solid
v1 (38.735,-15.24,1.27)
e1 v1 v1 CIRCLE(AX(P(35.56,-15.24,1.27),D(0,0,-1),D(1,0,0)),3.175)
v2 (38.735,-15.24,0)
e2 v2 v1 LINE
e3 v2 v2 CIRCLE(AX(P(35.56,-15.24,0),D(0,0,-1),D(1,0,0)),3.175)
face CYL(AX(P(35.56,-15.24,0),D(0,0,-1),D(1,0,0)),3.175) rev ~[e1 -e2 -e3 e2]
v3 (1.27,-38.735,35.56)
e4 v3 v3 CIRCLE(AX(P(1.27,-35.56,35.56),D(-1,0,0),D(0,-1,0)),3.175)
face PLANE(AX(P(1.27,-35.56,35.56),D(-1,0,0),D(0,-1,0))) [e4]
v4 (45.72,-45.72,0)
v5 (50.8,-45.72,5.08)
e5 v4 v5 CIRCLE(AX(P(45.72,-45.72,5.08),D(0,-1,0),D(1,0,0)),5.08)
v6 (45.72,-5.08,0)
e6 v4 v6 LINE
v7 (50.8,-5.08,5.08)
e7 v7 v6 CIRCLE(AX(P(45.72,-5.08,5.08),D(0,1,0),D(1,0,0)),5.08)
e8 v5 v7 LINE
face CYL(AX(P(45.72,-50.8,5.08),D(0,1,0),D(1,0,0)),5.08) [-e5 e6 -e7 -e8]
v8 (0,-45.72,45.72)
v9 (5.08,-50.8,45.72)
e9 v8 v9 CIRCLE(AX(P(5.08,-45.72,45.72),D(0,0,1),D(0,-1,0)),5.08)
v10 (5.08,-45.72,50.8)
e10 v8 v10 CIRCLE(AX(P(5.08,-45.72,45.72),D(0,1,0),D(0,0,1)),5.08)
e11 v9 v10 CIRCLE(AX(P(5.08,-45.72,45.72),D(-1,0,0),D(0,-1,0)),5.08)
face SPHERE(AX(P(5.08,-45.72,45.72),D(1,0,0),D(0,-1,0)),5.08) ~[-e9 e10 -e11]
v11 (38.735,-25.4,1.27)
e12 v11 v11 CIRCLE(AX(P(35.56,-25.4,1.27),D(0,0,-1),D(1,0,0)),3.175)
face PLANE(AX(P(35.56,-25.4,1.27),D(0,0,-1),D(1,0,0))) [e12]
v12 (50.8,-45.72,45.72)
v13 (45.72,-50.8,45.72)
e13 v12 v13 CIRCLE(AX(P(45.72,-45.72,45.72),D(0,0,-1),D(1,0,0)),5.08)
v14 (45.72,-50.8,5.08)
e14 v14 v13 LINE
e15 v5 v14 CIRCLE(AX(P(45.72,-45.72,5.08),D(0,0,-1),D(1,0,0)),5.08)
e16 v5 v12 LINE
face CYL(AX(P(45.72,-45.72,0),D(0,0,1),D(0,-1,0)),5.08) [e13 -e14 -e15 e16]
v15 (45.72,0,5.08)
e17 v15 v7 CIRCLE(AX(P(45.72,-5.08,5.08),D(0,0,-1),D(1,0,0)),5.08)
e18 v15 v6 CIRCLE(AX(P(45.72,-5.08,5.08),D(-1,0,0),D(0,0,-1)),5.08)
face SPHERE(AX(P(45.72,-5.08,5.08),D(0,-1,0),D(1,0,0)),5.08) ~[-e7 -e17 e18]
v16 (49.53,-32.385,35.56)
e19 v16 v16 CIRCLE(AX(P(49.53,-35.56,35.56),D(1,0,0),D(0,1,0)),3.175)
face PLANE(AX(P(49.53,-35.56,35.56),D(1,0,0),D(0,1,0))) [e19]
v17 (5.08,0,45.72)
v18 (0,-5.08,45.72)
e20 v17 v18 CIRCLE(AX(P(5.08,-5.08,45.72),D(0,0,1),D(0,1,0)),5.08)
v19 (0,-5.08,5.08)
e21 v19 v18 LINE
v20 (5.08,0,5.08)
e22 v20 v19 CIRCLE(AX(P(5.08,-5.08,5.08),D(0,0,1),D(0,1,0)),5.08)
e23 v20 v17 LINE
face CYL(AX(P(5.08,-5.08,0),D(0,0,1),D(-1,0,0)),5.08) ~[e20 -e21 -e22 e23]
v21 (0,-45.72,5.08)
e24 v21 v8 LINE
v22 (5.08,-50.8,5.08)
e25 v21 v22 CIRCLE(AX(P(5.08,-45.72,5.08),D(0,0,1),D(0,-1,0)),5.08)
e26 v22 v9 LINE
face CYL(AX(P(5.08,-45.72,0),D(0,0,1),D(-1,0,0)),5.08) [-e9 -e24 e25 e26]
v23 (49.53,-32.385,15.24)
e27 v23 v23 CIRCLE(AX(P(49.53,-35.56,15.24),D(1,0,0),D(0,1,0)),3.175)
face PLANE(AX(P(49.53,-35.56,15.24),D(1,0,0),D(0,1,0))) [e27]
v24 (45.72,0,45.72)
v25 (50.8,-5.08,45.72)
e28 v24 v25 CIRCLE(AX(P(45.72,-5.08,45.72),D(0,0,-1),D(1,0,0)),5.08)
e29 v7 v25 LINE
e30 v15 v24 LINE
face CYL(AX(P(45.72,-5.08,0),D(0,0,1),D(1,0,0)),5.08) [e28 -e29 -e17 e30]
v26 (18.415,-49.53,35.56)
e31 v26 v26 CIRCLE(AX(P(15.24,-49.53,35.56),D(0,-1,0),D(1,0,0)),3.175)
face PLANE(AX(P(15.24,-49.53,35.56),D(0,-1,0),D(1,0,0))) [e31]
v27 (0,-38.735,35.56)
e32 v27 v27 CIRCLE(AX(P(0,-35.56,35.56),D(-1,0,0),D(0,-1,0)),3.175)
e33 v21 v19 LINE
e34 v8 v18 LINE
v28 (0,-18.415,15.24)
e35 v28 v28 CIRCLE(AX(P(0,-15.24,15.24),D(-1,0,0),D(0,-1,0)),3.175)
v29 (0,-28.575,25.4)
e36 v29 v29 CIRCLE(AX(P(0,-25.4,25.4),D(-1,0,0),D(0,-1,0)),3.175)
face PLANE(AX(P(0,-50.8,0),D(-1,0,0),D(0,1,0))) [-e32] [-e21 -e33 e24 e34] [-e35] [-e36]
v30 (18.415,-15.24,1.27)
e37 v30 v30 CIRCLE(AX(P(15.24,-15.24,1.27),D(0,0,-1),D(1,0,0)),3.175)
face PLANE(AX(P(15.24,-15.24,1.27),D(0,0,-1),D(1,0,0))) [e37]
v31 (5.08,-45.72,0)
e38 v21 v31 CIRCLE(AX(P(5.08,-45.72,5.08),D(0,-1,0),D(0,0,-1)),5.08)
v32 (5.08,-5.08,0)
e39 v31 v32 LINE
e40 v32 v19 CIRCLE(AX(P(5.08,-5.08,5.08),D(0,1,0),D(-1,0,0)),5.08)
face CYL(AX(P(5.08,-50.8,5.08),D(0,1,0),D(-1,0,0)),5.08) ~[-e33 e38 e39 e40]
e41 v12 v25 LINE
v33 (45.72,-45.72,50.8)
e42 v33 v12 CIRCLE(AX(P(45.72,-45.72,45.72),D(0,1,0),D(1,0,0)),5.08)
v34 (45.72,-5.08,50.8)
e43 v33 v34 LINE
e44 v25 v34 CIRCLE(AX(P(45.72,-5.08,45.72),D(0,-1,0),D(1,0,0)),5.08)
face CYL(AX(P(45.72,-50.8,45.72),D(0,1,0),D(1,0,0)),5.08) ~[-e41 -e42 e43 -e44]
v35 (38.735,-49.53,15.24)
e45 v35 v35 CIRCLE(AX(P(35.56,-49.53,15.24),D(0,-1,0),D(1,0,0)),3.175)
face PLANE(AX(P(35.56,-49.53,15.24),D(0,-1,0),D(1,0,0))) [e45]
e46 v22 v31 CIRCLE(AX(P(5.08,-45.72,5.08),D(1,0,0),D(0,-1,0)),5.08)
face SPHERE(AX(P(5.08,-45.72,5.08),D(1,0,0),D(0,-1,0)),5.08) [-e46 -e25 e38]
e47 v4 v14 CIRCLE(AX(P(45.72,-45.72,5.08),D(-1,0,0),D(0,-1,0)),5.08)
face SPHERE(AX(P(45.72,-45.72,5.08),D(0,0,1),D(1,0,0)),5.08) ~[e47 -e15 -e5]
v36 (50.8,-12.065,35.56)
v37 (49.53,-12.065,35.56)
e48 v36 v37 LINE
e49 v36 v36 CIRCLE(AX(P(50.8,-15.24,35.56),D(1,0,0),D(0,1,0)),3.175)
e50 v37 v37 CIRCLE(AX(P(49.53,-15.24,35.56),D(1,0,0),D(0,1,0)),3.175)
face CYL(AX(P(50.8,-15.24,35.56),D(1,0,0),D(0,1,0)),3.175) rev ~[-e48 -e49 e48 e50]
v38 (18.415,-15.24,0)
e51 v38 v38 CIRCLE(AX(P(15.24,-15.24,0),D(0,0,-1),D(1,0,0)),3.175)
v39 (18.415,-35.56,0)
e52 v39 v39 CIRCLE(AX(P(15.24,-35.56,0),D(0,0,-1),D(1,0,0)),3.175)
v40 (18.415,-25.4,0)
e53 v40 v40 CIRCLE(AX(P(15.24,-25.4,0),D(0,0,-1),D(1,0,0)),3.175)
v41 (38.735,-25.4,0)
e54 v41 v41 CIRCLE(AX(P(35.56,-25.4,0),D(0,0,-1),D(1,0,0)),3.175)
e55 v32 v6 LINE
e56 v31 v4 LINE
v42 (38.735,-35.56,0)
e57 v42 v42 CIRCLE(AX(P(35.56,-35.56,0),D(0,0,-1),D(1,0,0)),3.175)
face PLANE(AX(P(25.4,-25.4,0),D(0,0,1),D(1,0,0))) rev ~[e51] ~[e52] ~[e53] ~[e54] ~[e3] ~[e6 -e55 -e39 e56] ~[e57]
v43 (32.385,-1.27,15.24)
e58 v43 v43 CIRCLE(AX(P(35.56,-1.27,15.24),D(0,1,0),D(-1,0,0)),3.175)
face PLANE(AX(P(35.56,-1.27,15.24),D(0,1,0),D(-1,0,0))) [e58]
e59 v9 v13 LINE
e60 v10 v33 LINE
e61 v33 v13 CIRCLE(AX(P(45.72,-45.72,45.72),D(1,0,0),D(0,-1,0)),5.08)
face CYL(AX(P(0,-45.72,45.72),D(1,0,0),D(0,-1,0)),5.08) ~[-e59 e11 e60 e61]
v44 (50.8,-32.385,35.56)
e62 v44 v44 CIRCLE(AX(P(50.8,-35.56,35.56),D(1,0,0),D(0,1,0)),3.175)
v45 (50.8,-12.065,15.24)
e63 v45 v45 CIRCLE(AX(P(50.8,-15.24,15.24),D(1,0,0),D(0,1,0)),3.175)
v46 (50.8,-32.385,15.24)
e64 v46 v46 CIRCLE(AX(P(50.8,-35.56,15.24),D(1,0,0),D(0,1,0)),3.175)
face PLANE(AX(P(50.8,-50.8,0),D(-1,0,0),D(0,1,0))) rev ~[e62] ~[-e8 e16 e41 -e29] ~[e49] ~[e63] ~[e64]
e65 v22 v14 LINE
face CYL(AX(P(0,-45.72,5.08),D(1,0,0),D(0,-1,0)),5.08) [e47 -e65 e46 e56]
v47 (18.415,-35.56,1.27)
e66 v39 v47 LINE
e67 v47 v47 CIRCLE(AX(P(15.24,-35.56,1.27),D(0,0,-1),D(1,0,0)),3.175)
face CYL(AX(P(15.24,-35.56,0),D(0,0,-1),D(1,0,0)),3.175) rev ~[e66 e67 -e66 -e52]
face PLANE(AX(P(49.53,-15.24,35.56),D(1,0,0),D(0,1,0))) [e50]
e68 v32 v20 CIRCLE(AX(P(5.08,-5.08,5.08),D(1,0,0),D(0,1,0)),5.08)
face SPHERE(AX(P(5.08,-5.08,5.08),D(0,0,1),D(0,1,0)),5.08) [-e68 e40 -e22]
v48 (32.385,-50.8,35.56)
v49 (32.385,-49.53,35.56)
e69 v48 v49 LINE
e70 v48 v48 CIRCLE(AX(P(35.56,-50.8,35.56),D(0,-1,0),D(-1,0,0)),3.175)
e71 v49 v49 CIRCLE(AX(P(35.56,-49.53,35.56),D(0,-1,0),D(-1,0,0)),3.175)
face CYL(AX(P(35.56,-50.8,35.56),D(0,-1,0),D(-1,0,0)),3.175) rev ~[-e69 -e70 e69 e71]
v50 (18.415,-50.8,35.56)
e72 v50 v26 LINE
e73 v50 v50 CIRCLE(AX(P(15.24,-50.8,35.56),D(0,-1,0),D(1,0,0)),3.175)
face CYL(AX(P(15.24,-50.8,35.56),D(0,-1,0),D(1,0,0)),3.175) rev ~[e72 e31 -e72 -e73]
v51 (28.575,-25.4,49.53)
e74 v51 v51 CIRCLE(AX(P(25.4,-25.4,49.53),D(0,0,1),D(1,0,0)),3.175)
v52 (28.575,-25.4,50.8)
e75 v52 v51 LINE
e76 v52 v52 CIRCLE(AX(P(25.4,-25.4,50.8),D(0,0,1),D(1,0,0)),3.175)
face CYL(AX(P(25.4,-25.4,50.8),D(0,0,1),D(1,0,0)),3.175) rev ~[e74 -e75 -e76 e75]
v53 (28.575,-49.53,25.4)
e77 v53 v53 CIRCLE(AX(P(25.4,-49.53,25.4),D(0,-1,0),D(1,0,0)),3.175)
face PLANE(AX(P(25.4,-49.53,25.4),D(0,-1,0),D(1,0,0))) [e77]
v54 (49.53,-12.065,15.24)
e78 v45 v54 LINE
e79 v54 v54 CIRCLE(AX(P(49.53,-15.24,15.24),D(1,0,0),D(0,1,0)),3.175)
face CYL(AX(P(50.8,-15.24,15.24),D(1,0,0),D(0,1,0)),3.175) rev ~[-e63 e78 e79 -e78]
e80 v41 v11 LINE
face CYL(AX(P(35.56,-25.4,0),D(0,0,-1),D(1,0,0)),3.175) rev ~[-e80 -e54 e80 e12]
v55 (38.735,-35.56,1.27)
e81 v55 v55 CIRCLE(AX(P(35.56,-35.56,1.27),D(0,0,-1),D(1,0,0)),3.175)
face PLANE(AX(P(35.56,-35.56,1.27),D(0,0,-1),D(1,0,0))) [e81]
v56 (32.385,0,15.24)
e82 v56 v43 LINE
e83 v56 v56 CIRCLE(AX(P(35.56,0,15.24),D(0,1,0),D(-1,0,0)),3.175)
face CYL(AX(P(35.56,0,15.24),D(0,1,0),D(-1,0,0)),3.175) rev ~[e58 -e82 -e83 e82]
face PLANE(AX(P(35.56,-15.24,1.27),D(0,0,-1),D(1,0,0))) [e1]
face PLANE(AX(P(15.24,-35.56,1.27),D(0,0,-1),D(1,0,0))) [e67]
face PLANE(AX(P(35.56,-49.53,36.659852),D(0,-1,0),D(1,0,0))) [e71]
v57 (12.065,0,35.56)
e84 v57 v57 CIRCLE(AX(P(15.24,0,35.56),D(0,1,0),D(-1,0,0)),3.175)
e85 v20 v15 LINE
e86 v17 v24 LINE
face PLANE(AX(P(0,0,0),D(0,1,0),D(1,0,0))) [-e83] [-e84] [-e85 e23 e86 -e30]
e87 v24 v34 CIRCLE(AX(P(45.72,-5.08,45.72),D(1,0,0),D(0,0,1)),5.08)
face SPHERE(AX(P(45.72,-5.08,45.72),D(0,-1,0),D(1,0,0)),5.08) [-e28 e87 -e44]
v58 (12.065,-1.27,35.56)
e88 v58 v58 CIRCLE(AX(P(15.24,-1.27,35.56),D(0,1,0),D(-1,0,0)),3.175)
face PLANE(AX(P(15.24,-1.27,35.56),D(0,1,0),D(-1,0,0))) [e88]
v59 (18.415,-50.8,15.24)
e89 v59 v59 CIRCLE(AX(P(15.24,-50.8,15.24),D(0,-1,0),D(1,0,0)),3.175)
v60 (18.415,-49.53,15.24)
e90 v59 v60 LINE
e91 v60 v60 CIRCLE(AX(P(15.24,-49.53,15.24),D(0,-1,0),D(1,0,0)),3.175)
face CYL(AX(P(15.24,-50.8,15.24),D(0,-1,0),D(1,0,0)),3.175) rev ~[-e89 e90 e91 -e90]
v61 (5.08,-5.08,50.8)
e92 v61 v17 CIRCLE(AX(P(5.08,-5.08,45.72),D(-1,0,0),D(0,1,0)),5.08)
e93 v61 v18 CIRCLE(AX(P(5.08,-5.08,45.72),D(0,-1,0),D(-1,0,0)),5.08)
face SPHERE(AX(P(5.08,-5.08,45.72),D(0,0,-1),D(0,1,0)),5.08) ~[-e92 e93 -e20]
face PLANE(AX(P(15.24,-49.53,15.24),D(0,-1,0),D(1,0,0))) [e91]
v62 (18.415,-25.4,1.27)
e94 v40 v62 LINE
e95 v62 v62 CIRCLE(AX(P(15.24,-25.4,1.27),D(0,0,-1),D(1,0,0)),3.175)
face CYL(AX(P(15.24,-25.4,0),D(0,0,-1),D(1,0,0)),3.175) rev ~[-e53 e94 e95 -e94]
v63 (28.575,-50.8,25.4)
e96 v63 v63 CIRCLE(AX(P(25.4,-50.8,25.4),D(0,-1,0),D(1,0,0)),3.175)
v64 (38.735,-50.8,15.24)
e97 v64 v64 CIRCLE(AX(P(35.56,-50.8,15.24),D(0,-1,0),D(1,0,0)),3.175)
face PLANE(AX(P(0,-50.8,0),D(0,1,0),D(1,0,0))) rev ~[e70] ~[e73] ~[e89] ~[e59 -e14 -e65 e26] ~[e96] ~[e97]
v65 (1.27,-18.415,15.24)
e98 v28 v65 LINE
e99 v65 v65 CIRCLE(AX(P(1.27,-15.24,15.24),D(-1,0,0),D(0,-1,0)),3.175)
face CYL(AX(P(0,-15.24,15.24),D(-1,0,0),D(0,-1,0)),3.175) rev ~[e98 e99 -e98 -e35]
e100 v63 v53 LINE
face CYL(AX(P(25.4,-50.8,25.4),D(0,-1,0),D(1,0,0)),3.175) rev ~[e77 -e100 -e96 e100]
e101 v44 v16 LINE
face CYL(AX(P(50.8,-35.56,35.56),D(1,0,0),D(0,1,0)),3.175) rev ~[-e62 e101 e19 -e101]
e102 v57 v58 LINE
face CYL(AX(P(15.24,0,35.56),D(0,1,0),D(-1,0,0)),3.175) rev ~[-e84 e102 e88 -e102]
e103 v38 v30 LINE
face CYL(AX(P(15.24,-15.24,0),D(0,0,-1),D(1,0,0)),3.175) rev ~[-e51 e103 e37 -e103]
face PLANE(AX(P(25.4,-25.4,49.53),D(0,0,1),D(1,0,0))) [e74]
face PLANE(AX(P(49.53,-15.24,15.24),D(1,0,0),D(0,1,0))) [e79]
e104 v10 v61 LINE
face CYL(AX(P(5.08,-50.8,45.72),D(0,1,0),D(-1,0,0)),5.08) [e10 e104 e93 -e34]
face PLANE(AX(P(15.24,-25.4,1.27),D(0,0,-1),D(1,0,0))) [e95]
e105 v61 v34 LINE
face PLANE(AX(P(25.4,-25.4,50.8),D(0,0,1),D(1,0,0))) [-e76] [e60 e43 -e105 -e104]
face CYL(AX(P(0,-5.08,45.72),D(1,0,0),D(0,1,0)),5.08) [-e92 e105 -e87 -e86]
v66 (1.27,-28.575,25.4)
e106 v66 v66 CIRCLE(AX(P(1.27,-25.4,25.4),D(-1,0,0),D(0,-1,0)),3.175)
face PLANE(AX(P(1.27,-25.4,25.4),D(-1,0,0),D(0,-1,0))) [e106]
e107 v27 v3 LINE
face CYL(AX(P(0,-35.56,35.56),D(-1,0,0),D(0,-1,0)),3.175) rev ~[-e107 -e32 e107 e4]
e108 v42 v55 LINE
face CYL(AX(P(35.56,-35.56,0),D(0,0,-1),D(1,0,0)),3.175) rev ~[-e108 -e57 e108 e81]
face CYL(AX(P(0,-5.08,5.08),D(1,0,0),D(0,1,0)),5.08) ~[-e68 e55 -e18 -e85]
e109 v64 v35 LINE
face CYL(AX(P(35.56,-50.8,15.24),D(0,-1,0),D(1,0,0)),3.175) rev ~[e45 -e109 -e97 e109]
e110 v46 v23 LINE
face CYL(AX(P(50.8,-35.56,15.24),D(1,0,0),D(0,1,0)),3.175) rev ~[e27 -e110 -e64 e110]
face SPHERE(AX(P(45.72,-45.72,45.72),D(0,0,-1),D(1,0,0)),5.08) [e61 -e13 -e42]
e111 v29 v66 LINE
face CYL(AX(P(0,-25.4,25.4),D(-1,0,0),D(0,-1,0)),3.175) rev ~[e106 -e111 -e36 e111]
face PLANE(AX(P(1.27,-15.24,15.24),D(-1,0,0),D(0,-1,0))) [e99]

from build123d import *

# Parameters (mm, degrees)
F0_W      = 50.8
F0_H      = 50.8
F1_DEPTH  = 50.8
F2_R      = 5.08
F3_R      = 3.175
F4_DEPTH  = 1.27
F5_R      = 3.175
F6_DEPTH  = 1.27
F7_R      = 3.175
F8_DEPTH  = 1.27
F9_R      = 3.175
F10_DEPTH = 1.27
F11_R     = 3.175
F12_DEPTH = 1.27
F13_R     = 3.175
F14_DEPTH = 1.27


with BuildPart() as f1:
    # F0 (on Top) → F1 (new body)
    with BuildSketch(Plane.XY):
        with Locations((25.4, -25.4)):
            Rectangle(F0_W, F0_H)
    extrude(amount=F1_DEPTH)

    # F2
    f2_edges = [f1.edges().sort_by_distance(p)[0] for p in [
        (50.8, -50.8, 25.4),
        (50.8, -25.4, 50.8),
        (50.8, -25.4, 0),
        (25.4, -50.8, 0),
        (25.4, -50.8, 50.8),
        (0, -50.8, 25.4),
        (50.8, 0, 25.4),
        (0, 0, 25.4),
        (25.4, 0, 50.8),
        (25.4, 0, 0),
        (0, -25.4, 50.8),
        (0, -25.4, 0),
    ]]
    fillet(f2_edges, radius=F2_R)

    # F3 (on face) → F4 (cut)
    with BuildSketch(Plane.XY.offset(50.8)):
        with Locations((25.4, -25.4)):
            Circle(F3_R)
    extrude(amount=-F4_DEPTH, mode=Mode.SUBTRACT)

    # F5 (on face) → F6 (cut)
    with BuildSketch(Plane(origin=(0, 0, 0), x_dir=(1, 0, 0), z_dir=(0, 0, -1))):
        with Locations((15.24, 15.24)):
            Circle(F5_R)
        with Locations((35.56, 15.24)):
            Circle(F5_R)
        with Locations((35.56, 35.56)):
            Circle(F5_R)
        with Locations((15.24, 35.56)):
            Circle(F5_R)
        with Locations((15.24, 25.4)):
            Circle(F5_R)
        with Locations((35.56, 25.4)):
            Circle(F5_R)
    extrude(amount=-F6_DEPTH, mode=Mode.SUBTRACT)

    # F7 (on face) → F8 (cut)
    with BuildSketch(Plane.XZ.offset(50.8)):
        with Locations((25.4, 25.4)):
            Circle(F7_R)
        with BuildLine():
            ThreePointArc((38.735, 35.56), (35.56, 38.735), (32.385, 35.56))
            Line((32.385, 35.56), (38.735, 35.56))
        make_face()
        with BuildLine():
            Line((38.735, 35.56), (32.385, 35.56))
            ThreePointArc((32.385, 35.56), (35.56, 32.385), (38.735, 35.56))
        make_face()
        with Locations((35.56, 15.24)):
            Circle(F7_R)
        with Locations((15.24, 35.56)):
            Circle(F7_R)
        with Locations((15.24, 15.24)):
            Circle(F7_R)
    extrude(amount=-F8_DEPTH, mode=Mode.SUBTRACT)

    # F9 (on face) → F10 (cut)
    with BuildSketch(Plane(origin=(0, 0, 0), x_dir=(-1, 0, 0), z_dir=(0, 1, 0))):
        with Locations((-15.24, 35.56)):
            Circle(F9_R)
        with Locations((-35.56, 15.24)):
            Circle(F9_R)
    extrude(amount=-F10_DEPTH, mode=Mode.SUBTRACT)

    # F11 (on face) → F12 (cut)
    with BuildSketch(Plane(origin=(0, 0, 0), x_dir=(0, -1, 0), z_dir=(-1, 0, 0))):
        with Locations((25.4, 25.4)):
            Circle(F11_R)
        with Locations((35.56, 35.56)):
            Circle(F11_R)
        with Locations((15.24, 15.24)):
            Circle(F11_R)
    extrude(amount=-F12_DEPTH, mode=Mode.SUBTRACT)

    # F13 (on face) → F14 (cut)
    with BuildSketch(Plane.YZ.offset(50.8)):
        with Locations((-15.24, 35.56)):
            Circle(F13_R)
        with Locations((-35.56, 35.56)):
            Circle(F13_R)
        with Locations((-35.56, 15.24)):
            Circle(F13_R)
        with Locations((-15.24, 15.24)):
            Circle(F13_R)
    extrude(amount=-F14_DEPTH, mode=Mode.SUBTRACT)


solid = f1.part
